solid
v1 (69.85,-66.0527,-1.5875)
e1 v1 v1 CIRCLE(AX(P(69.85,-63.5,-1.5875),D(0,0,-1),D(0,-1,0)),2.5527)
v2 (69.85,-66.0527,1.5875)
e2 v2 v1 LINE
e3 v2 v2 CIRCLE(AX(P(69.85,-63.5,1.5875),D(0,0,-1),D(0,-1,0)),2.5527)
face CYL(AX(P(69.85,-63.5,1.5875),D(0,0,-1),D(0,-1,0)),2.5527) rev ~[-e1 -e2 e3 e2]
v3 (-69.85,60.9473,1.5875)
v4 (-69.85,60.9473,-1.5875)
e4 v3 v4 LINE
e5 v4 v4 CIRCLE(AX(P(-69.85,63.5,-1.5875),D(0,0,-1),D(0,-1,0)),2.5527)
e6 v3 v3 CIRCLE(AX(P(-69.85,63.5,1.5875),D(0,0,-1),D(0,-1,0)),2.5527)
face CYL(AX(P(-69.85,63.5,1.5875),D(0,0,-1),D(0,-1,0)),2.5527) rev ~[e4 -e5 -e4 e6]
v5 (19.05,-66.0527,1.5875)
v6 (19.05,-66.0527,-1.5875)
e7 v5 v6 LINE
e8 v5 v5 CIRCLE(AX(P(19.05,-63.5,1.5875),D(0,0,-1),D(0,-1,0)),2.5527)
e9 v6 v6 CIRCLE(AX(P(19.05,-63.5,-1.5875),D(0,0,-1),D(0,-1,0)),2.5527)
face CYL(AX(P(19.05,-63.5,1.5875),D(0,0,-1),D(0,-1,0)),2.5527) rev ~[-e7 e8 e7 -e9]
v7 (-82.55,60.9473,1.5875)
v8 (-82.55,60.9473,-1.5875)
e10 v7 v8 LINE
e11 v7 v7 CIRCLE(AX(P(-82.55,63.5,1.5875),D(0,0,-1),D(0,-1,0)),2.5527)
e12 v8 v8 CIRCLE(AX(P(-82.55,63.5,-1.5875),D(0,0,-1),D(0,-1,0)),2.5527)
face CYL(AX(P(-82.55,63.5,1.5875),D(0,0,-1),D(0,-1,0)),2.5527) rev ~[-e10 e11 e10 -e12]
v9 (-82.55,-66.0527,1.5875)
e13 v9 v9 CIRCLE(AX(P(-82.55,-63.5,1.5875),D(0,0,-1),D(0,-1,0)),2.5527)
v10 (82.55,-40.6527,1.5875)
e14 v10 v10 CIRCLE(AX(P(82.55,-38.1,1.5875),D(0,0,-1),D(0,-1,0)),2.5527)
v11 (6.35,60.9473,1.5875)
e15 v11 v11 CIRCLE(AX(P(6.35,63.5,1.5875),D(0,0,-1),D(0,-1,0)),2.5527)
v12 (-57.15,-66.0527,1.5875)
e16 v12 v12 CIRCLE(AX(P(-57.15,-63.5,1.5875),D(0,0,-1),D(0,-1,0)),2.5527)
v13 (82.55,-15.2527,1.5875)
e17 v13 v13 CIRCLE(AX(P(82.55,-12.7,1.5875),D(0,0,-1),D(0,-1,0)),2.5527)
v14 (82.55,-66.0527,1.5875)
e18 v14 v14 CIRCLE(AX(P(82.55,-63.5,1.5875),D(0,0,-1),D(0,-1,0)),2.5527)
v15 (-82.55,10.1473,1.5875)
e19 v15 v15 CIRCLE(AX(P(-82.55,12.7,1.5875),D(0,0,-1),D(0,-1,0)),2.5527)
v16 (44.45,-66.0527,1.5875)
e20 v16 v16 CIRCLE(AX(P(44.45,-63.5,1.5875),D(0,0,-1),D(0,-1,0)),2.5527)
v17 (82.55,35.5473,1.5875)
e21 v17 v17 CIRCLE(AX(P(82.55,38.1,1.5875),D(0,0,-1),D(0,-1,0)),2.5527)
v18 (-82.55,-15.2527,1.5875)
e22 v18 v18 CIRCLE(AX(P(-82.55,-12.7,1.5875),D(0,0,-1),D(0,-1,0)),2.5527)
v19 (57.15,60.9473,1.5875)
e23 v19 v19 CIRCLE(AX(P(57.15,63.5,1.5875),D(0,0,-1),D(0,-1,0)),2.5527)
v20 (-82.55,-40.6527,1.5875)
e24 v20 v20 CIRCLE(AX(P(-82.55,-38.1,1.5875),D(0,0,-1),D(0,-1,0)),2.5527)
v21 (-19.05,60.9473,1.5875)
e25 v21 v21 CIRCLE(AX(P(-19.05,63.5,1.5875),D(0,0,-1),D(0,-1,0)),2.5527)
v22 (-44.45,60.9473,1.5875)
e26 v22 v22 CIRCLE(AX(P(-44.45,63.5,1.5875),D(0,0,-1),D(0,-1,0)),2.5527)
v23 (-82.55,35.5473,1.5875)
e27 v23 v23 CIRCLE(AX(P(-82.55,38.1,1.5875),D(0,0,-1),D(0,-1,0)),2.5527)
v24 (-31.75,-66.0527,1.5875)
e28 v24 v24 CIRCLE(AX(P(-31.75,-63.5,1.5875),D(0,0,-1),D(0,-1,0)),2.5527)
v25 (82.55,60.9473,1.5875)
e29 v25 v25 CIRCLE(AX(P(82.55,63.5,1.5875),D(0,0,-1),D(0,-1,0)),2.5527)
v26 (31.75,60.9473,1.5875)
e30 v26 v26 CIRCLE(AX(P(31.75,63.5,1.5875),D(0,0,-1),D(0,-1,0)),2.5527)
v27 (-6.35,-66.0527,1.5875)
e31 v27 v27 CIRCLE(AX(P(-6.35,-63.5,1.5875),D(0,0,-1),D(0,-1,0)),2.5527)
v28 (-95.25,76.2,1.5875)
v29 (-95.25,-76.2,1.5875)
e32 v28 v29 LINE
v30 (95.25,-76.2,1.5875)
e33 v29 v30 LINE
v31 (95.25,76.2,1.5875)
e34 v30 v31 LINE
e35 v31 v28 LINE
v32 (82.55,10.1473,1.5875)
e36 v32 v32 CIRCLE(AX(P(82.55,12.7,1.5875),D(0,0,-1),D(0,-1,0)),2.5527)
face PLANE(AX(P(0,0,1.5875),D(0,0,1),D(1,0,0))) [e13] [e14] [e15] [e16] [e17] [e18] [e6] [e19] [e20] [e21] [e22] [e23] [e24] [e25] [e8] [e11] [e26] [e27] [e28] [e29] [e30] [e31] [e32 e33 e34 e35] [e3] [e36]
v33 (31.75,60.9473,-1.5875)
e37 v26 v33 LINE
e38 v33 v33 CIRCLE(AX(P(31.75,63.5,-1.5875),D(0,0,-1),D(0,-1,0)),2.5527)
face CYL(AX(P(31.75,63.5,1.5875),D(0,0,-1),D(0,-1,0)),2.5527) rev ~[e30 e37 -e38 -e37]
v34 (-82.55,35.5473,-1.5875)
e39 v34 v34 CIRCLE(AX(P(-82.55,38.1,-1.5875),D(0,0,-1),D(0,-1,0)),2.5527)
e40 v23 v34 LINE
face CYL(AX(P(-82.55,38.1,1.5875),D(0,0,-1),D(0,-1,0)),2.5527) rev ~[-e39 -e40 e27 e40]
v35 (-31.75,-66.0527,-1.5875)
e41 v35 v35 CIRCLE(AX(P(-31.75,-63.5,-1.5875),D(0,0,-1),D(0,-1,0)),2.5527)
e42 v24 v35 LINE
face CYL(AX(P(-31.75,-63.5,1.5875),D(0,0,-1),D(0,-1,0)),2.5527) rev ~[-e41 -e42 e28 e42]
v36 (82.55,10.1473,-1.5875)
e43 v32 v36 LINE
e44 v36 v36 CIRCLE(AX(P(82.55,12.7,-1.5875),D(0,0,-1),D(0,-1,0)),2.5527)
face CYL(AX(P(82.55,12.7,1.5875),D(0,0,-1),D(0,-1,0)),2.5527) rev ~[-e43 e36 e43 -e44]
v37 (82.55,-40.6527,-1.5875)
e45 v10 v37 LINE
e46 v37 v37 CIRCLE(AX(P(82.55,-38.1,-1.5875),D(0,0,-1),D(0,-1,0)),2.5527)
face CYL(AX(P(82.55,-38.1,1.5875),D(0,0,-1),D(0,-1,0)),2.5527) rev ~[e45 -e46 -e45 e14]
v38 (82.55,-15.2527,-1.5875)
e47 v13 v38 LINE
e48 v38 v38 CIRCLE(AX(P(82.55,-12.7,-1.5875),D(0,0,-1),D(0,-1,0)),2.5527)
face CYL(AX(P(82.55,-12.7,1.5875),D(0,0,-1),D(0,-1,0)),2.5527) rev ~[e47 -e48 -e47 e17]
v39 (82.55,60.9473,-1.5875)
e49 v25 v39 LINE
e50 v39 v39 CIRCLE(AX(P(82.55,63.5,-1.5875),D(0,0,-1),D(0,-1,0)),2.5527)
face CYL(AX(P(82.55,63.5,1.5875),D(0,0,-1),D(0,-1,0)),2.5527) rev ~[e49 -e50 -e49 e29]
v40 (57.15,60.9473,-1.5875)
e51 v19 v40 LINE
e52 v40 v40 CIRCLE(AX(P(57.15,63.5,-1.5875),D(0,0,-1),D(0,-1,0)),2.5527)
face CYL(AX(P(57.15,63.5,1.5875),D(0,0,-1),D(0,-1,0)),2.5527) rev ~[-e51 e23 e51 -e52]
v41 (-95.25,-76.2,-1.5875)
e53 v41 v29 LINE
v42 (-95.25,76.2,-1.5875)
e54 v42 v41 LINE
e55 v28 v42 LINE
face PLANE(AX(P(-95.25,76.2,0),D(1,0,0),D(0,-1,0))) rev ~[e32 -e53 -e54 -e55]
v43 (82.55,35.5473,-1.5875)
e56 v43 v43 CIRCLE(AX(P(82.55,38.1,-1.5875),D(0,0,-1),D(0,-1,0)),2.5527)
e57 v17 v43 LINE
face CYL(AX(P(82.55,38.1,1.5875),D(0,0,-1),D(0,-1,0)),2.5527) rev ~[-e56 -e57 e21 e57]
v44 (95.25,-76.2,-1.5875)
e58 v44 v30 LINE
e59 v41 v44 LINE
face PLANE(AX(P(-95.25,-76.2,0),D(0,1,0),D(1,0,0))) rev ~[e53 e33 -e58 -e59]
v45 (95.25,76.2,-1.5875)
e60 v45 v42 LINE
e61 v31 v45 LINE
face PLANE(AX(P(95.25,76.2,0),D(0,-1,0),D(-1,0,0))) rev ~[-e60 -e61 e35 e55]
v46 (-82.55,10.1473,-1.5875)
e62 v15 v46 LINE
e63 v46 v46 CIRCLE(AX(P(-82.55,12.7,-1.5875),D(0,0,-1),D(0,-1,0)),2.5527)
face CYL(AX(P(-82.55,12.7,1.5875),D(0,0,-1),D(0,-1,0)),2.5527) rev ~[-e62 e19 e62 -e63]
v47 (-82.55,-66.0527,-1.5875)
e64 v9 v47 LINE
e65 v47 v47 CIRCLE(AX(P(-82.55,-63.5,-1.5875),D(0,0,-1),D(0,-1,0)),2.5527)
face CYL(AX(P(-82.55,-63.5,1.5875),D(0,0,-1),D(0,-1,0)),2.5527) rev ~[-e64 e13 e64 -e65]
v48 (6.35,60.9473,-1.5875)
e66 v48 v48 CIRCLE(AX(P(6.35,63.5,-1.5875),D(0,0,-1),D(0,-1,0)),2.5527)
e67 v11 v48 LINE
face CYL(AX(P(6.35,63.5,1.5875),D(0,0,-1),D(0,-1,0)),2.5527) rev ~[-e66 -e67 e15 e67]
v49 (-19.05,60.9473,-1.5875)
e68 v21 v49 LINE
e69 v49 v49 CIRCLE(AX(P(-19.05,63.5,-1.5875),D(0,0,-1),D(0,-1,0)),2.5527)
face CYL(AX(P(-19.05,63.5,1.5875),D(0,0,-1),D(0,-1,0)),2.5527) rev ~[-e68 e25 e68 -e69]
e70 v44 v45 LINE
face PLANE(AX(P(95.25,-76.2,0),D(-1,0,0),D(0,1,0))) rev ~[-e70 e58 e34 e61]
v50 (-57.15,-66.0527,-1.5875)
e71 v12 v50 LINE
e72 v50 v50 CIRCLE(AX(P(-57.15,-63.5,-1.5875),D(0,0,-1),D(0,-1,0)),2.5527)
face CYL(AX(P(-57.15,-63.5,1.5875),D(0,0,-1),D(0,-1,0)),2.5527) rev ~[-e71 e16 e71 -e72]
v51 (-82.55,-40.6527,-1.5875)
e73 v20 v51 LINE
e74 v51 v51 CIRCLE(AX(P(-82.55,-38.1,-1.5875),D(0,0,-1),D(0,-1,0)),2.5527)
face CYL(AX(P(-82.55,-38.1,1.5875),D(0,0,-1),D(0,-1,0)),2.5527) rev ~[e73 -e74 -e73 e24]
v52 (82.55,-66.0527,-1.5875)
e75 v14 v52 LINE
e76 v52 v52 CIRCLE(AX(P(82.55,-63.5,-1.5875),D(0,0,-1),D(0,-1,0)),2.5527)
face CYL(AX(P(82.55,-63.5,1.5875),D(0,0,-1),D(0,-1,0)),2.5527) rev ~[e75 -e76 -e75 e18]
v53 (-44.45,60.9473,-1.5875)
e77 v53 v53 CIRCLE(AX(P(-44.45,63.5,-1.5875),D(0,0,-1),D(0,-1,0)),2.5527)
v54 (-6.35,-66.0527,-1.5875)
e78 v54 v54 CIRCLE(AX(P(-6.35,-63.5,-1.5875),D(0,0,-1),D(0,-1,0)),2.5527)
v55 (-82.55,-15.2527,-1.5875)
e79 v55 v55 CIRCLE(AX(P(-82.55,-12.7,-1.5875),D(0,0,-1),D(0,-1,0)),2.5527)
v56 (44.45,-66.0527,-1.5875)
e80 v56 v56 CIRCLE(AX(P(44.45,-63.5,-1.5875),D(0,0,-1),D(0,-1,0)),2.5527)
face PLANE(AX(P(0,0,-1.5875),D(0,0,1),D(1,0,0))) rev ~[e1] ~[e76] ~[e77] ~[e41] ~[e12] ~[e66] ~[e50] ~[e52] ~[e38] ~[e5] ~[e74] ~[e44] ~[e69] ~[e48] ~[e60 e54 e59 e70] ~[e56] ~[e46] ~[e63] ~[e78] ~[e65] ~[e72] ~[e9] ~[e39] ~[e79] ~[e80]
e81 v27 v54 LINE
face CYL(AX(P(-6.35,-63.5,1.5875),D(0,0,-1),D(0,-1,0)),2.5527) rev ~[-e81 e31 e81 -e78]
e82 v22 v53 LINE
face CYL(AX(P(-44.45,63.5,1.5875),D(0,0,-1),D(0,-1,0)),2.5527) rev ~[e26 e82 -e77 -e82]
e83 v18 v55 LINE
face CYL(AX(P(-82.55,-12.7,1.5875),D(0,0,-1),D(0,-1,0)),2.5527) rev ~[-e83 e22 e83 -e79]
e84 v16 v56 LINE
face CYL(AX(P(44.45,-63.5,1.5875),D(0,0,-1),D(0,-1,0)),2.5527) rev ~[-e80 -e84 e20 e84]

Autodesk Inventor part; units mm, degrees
ref_plane "YZ Plane" through (0, 0, 0) normal (1, 0, 0) x (0, 1, 0)
ref_plane "XZ Plane" through (0, 0, 0) normal (0, 1, 0) x (-1, 0, 0)
ref_plane "XY Plane" through (0, 0, 0) normal (0, 0, 1) x (1, 0, 0)
sketch "Sketch1" plane through (0, 0, 0) normal (0, 0, 1) x (1, 0, 0)
  line L0 (-95.25, -76.2) -> (95.25, -76.2)
  line L1 (95.25, -76.2) -> (95.25, 76.2)
  line L2 (95.25, 76.2) -> (-95.25, 76.2)
  line L3 (-95.25, 76.2) -> (-95.25, -76.2)
  line L4 (-95.25, -76.2) -> (95.25, 76.2) construction
  line L5 (95.25, -76.2) -> (-95.25, 76.2) construction
  point P0 (0, 0)
  dimension "width" = 190.5
  dimension "length" = 152.4
extrude "Extrusion1" add sketch "Sketch1" along normal mid plane 3.175
sketch "Sketch2" plane through (0, 0, 1.5875) normal (0, 0, 1) x (1, 0, 0)
  line L0 (-95.25, -76.2) -> (-95.25, 76.2) construction
  line L1 (-95.25, 76.2) -> (95.25, 76.2) construction
  line L2 (95.25, 76.2) -> (95.25, -76.2) construction
  line L3 (95.25, -76.2) -> (-95.25, -76.2) construction
  point P0 (0, 0)
  point P1 (-82.55, -63.5)
  point P2 (82.55, 63.5)
  dimension "d4" = 12.7
  dimension "d5" = 12.7
  dimension "d19" = 12.7
  dimension "d20" = 12.7
hole "Hole1" at (-82.55, -63.5, 1.5875) direction (0, 0, -1) diameter 5.1054 end through all clearance for "Flat Head Machine Screw (82)" size "#10" standard "Ansi Unified Screw Threads"
pattern_linear "Rectangular Pattern1" count 8 spacing 25.4 along (0, 1, 0) of "Hole1"
pattern_linear "Rectangular Pattern2" count 7 spacing 25.4 along (1, 0, 0) of "Hole1"
hole "Hole2" at (82.55, 63.5, 1.5875) direction (0, 0, -1) diameter 5.1054 end through all clearance for "Flat Head Machine Screw (82)" size "#10" standard "Ansi Unified Screw Threads"
pattern_linear "Rectangular Pattern3" count 7 spacing 25.4 along (-1, 0, 0) of "Hole2"
pattern_linear "Rectangular Pattern4" count 6 spacing 25.4 along (0, -1, 0) of "Hole2"
equation "\"d19\" = d4"
equation "\"d20\" = d5"
properties part number "EL2-C-003" material "Aluminum 6061"
